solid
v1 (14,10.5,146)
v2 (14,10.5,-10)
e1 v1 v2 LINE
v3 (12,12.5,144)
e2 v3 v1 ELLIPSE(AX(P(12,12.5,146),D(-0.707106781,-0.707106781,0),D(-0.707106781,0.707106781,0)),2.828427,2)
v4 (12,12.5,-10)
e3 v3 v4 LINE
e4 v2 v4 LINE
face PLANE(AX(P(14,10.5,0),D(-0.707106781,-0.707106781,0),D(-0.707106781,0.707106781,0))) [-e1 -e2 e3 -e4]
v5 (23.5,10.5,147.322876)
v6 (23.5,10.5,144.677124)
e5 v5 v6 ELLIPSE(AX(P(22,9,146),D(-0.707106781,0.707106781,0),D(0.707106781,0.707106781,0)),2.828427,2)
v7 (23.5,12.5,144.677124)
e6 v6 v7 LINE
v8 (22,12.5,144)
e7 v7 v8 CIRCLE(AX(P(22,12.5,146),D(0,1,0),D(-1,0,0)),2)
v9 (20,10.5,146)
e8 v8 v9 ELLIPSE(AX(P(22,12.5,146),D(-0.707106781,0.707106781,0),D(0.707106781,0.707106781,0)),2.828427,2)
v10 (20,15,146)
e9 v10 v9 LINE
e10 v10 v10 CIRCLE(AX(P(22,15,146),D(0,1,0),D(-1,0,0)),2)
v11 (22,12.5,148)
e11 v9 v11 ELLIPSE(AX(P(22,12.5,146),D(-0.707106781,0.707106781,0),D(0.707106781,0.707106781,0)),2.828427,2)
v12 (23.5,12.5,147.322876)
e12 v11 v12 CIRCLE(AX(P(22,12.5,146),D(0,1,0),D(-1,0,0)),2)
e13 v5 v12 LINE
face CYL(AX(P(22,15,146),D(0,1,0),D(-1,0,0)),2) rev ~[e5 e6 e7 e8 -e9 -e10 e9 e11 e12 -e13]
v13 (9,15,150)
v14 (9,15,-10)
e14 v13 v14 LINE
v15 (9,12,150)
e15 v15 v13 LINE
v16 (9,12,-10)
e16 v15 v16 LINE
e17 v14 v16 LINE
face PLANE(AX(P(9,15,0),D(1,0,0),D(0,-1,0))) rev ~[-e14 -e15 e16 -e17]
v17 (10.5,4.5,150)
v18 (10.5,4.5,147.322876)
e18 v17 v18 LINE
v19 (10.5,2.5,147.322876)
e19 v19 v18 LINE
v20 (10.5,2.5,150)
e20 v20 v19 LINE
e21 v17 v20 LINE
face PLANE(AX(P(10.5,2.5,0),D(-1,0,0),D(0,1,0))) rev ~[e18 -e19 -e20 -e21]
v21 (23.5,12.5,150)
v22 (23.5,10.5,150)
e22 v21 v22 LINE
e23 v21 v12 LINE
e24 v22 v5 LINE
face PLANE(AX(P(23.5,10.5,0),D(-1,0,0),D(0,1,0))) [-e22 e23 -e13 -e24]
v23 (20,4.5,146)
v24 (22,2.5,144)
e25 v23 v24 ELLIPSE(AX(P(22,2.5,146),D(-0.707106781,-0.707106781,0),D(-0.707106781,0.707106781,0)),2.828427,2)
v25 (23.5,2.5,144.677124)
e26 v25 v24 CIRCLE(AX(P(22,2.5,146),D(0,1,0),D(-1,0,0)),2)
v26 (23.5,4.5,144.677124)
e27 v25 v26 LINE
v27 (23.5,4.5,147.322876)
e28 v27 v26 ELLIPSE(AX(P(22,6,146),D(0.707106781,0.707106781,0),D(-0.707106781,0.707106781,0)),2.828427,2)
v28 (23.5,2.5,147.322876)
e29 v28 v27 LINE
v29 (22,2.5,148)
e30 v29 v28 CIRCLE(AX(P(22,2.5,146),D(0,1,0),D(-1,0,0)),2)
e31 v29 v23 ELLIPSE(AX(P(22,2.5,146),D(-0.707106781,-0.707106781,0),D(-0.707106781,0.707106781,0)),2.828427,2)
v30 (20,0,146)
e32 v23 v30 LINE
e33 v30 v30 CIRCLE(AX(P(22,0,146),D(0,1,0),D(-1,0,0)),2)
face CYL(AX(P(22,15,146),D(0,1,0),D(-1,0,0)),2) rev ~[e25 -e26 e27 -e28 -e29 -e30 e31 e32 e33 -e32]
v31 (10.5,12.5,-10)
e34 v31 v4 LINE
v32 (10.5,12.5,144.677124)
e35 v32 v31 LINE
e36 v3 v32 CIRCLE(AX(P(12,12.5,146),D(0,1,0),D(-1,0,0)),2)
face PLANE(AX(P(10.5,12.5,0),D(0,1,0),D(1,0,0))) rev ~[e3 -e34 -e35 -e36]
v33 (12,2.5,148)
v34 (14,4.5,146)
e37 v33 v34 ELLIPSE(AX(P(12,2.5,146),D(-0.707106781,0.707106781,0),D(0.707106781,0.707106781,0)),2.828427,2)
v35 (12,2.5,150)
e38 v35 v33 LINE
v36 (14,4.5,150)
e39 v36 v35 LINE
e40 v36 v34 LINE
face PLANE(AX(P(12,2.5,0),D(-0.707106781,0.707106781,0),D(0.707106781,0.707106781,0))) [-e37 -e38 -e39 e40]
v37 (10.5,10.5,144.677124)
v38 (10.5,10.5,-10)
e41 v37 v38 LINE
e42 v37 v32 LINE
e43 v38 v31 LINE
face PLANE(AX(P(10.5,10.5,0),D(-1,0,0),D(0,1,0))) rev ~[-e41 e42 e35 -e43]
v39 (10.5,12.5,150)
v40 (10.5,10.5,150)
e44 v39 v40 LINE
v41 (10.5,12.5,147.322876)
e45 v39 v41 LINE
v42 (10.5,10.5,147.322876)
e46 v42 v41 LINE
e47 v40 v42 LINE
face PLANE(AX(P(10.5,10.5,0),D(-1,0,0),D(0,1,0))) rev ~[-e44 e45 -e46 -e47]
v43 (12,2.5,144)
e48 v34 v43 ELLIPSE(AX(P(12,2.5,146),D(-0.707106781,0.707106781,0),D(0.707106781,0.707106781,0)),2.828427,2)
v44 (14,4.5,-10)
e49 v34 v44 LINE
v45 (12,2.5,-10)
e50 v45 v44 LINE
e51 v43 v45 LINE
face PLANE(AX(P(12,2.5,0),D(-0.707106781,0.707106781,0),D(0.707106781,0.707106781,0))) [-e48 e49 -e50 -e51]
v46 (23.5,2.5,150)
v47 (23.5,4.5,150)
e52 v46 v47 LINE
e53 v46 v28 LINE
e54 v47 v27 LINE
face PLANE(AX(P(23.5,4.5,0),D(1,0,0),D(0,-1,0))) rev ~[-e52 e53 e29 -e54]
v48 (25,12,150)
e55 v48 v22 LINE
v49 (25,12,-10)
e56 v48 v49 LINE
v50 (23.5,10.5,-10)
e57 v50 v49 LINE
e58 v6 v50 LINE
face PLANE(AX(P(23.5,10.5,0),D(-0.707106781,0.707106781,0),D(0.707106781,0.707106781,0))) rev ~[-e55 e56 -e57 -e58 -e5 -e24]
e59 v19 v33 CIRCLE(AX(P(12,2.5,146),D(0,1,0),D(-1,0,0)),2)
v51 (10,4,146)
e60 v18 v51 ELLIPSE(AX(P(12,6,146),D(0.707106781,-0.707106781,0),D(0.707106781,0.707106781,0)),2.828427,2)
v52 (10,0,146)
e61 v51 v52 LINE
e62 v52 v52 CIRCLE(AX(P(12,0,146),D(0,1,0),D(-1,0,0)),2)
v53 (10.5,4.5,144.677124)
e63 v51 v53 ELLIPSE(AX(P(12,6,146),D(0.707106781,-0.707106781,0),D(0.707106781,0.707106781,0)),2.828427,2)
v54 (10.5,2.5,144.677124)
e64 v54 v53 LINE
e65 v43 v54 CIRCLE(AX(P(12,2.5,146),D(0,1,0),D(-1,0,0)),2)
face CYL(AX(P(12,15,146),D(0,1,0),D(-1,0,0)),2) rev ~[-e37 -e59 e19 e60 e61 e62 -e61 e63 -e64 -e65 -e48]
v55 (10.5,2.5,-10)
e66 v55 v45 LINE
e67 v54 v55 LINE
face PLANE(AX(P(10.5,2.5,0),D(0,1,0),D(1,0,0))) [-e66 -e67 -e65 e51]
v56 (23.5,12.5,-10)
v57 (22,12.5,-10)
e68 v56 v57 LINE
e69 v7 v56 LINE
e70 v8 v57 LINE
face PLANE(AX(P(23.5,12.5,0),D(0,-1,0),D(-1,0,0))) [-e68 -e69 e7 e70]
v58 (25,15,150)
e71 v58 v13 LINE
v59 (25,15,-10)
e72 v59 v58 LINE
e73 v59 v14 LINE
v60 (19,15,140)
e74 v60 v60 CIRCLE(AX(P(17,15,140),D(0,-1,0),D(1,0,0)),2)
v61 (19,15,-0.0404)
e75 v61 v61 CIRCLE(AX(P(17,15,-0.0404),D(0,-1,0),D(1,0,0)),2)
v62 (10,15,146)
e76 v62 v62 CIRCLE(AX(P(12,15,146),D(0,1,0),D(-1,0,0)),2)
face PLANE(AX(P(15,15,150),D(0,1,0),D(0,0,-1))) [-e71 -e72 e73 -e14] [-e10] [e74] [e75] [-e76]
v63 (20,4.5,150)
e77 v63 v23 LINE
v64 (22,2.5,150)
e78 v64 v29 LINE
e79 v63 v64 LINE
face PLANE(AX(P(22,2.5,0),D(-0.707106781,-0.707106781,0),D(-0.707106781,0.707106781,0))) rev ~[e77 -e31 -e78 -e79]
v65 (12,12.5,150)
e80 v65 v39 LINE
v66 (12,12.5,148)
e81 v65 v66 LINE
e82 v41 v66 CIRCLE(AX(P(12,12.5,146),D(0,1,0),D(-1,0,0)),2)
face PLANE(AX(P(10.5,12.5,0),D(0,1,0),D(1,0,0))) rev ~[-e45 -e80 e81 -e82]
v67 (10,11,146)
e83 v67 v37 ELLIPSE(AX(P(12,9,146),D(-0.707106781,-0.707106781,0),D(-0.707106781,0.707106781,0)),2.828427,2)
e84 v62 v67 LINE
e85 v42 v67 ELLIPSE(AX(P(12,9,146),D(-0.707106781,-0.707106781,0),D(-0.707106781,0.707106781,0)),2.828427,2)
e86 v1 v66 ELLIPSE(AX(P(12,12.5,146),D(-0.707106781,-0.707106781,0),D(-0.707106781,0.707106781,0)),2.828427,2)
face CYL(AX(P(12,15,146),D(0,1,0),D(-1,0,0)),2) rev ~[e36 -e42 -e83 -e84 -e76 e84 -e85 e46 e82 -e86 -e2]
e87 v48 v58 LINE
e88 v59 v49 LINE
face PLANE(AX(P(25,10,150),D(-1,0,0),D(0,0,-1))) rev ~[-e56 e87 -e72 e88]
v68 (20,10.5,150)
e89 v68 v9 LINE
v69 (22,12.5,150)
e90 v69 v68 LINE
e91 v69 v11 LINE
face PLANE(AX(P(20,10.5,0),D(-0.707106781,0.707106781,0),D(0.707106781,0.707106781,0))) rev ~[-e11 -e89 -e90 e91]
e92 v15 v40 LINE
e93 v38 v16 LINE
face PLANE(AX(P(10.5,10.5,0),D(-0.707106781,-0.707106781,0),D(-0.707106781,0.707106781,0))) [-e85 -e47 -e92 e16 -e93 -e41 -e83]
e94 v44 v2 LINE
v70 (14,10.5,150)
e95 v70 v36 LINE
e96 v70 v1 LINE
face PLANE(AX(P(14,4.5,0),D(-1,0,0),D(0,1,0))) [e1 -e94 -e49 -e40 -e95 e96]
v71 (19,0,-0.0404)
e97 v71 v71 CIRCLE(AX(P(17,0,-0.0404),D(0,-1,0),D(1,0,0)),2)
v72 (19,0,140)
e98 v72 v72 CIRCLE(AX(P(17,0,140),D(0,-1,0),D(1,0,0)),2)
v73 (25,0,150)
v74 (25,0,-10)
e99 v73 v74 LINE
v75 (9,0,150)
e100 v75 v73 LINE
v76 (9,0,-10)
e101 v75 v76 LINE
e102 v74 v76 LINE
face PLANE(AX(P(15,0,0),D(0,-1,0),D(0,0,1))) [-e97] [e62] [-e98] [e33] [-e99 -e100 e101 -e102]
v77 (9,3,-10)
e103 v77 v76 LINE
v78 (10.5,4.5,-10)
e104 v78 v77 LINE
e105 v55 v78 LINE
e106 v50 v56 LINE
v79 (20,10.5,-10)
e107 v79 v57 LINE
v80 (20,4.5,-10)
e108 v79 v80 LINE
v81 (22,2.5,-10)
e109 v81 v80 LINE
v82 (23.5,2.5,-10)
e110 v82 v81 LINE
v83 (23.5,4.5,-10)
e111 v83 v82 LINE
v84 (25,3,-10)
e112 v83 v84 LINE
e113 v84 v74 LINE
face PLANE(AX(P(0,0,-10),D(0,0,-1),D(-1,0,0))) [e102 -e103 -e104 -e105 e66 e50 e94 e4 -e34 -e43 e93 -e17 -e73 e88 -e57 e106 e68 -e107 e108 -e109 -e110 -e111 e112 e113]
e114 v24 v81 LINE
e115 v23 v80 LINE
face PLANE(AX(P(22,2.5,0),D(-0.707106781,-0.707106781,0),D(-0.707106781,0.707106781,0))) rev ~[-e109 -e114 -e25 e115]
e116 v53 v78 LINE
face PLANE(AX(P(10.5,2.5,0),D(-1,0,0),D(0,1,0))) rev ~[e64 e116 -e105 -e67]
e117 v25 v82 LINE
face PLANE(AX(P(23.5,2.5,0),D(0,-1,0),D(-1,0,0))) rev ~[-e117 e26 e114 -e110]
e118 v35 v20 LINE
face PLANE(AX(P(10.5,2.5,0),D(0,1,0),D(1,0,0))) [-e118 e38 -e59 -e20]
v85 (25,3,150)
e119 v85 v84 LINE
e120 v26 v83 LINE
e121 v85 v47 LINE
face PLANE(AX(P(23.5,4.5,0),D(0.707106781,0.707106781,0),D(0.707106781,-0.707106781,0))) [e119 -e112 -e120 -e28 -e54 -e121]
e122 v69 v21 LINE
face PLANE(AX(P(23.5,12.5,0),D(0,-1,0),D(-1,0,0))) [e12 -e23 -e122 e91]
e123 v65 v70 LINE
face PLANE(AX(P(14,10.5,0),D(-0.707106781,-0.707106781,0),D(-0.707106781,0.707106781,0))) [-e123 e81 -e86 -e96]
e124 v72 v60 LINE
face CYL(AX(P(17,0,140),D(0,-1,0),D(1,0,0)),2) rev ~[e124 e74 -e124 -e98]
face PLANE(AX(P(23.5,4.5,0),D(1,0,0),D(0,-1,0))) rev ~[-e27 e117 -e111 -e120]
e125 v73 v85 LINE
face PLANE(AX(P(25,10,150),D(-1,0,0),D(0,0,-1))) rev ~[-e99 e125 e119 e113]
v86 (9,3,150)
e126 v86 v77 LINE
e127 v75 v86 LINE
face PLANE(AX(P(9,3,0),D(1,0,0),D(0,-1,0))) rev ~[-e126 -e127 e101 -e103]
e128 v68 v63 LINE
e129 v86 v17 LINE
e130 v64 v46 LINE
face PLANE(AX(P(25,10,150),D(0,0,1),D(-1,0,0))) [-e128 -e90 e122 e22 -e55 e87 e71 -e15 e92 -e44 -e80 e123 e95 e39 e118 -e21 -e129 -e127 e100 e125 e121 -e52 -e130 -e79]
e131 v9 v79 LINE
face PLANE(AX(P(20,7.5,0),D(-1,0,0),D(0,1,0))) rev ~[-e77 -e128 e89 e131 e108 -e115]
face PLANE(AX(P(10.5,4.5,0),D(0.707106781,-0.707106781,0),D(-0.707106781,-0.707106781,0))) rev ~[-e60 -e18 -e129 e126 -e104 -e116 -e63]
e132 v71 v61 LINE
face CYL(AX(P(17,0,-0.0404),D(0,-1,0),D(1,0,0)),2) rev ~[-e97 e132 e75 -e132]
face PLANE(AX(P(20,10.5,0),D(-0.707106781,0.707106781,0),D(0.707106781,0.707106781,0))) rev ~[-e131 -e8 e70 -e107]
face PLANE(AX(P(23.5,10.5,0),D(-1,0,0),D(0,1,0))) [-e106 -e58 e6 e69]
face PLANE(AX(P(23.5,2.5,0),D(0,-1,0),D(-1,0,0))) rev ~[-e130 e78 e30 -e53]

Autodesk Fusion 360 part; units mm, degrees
sketch "Sketch1" plane through (0, 0, 0) normal (1, 0, 0) x (0, 0, -1)
  line L0 (-150, 0) -> (-150, 10)
  line L1 (-150, 10) -> (0, 10)
  line L2 (0, 10) -> (0, 0)
  line L3 (-150, 10) -> (-140, 10)
  line L4 (-140, 10) -> (-140, 0)
  line L5 (-140, 0) -> (-150, 0)
  line L6 (-150, 0) -> (-150, 10)
  line L7 (0, 0) -> (-10, 0)
  line L8 (-10, 0) -> (-10, 10)
  line L9 (-10, 10) -> (0, 10)
  line L10 (0, 10) -> (0, 0)
  line L11 (-2.5, 0) -> (-12.5, 0)
  line L12 (-12.5, 10) -> (-2.5, 10)
  line L13 (-150, 0) -> (-147.5, 0)
  line L14 (0, 0) -> (-147.5, 0)
  dimension "d2" = 10
  dimension "d3" = 130
  dimension "d4" = 10
  dimension "d9" = 10
  dimension "d11" = 10
extrude "Extrude1" add sketch "Sketch1" along normal blind 15
extrude "Extrude4" add 1 faces at (15, 6.6667, 100) along direction (1, 0, 0) blind 10
extrude "Extrude5" add 1 faces at (16.6667, 10, 50) along direction (0, 1, 0) blind 5
sketch "Sketch2" plane through (0, 0, 0) normal (0, 0, -1) x (-1, 0, 0)
  line L0 (0, 15) -> (-25, 15)
  line L1 (-25, 15) -> (-25, 0)
  line L2 (-25, 0) -> (0, 0)
  line L3 (-25, 0) -> (-25, 3)
  line L4 (-25, 15) -> (-25, 12)
  line L5 (-23.5, 10.5) -> (-25, 12)
  line L6 (-23.5, 4.5) -> (-25, 3)
  line L7 (-23.5, 4.5) -> (-23.5, 2.5)
  line L8 (-23.5, 12.5) -> (-22, 12.5)
  line L9 (-23.5, 2.5) -> (-22, 2.5)
  line L10 (-22, 2.5) -> (-20, 4.5)
  line L11 (-20, 4.5) -> (-20, 10.5)
  line L12 (-20, 10.5) -> (-22, 12.5)
  line L13 (-23.5, 2.5) -> (-23.5, 4.5)
  line L14 (-23.5, 10.5) -> (-23.5, 12.5)
  line L15 (-20, 4.5) -> (-14, 4.5)
  line L16 (-14, 4.5) -> (-14, 10.5)
  line L17 (-14, 10.5) -> (-20, 10.5)
  line L18 (-20, 10.5) -> (-20, 4.5)
  line L19 (-17, 4.5) -> (-17, 10.5)
  line L20 (-14, 7.5) -> (-20, 7.5)
  line L21 (-10.5, 4.5) -> (-9, 3)
  line L22 (-10.5, 2.5) -> (-10.5, 4.5)
  line L23 (-10.5, 2.5) -> (-12, 2.5)
  line L24 (-12, 2.5) -> (-14, 4.5)
  line L25 (-14, 4.5) -> (-14, 10.5)
  line L26 (-14, 10.5) -> (-12, 12.5)
  line L27 (-10.5, 12.5) -> (-12, 12.5)
  line L28 (-10.5, 10.5) -> (-10.5, 12.5)
  line L29 (-10.5, 10.5) -> (-9, 12)
  line L30 (-9, 3) -> (-9, 12)
  line L31 (-9, 0) -> (-25, 0)
  line L32 (-25, 0) -> (-25, 15)
  line L33 (-25, 15) -> (-9, 15)
  line L34 (-9, 15) -> (-9, 0)
  line L35 (0, 0) -> (-15, 0)
  line L36 (-15, 0) -> (-15, 15)
  line L37 (-15, 15) -> (0, 15)
  line L38 (0, 15) -> (0, 0)
  line L39 (0, 0) -> (0, 15)
  dimension "d22" = 3
  dimension "d23" = 3
  dimension "d24" = 6
  dimension "d27" = 10
  dimension "d28" = 6
  dimension "d29" = 135
  dimension "d30" = 135
  dimension "d31" = 45
  dimension "d32" = 45.001
  dimension "d33" = 1.5
  dimension "d34" = 1.5
  dimension "d35" = 2.1213
  dimension "d37" = 2
  dimension "d38" = 6
  dimension "d39" = 6
  dimension "d40" = 16
  dimension "d45" = 15
  dimension "d48" = 15
extrude "Extrude6" cut sketch "Sketch2" against normal blind 185 contours L16 L21 L22 L23 L24 L25 L26 L27 L28 L29 L30 L34 | L1 L5 L6 L7 L8 L9 L10 L11 L12 L13 L14 L18 L32
extrude "Extrude8" add sketch "Sketch2" along normal blind 10 contours L0 L17 L26 L27 L28 L29 L33 L34 L36 L37 | L0 L1 L4 L5 L8 L12 L14 L17 L32 L33 L36 | L2 L15 L21 L22 L23 L24 L31 L34 L35 L36 | L17 L19 L20 L36 | L16 L17 L20 L25 L36 | L1 L2 L3 L6 L7 L9 L10 L13 L15 L31 L32 L36 | L11 L17 L18 L19 L20 | L15 L19 L20 L36 | L15 L16 L20 L25 L36 | L11 L15 L18 L19 L20
extrude "Extrude9" cut 1 faces at (3, 6, 0) along direction (0, 0, 1) blind 240
sketch "Sketch3" plane through (0, 0, 0) normal (0, -1, 0) x (1, 0, 0)
  line L0 (9, 150) -> (9, -10)
  line L1 (9, -10) -> (25, -10)
  line L2 (25, -10) -> (25, 150)
  line L3 (25, 150) -> (9, 150)
  line L4 (25, 150) -> (25, 145)
  line L5 (25, 145) -> (9, 145)
  line L6 (9, 145) -> (9, -5)
  line L7 (9, -5) -> (25, -5)
  line L8 (25, -5) -> (25, 145)
  line L9 (25, 145) -> (9, 145)
  line L10 (9, 145) -> (9, 135)
  line L11 (9, 135) -> (25, 135)
  line L12 (25, 135) -> (25, 145)
  line L13 (9, -5) -> (25, -5)
  line L14 (25, -5) -> (25, 5)
  line L15 (25, 5) -> (9, 5)
  line L16 (9, 5) -> (9, -5)
  circle A0 centre (17, -0.0404) radius 2
  circle A1 centre (17, 140) radius 2
  dimension "d51" = 16
  dimension "d52" = 150
  dimension "d53" = 5
  dimension "d54" = 10
  dimension "d55" = 130
  dimension "d56" = 16
  dimension "d63" = 4
  dimension "d64" = 4
  dimension "d65" = 140.0404
extrude "Extrude10" cut sketch "Sketch3" against normal blind 50 contours A0 | A1
sketch "Sketch4" plane through (0, 15, 0) normal (0, 1, 0) x (-1, 0, 0)
  circle A0 centre (-17, 140) radius 2
  circle A1 centre (-17, -0.0404) radius 2
  line L0 (-9, -10) -> (-9, 150)
  line L1 (-9, 150) -> (-25, 150)
  line L2 (-25, 150) -> (-25, -10)
  line L3 (-25, -10) -> (-9, -10)
  circle A2 centre (-12, 146) radius 2
  circle A3 centre (-22, 146) radius 2
  dimension "d66" = 4
  dimension "d68" = 4
  dimension "d69" = 3
  dimension "d70" = 3
  dimension "d71" = 4
  dimension "d72" = 4
extrude "Extrude11" cut sketch "Sketch4" against normal blind 24 contours A2 | A3
